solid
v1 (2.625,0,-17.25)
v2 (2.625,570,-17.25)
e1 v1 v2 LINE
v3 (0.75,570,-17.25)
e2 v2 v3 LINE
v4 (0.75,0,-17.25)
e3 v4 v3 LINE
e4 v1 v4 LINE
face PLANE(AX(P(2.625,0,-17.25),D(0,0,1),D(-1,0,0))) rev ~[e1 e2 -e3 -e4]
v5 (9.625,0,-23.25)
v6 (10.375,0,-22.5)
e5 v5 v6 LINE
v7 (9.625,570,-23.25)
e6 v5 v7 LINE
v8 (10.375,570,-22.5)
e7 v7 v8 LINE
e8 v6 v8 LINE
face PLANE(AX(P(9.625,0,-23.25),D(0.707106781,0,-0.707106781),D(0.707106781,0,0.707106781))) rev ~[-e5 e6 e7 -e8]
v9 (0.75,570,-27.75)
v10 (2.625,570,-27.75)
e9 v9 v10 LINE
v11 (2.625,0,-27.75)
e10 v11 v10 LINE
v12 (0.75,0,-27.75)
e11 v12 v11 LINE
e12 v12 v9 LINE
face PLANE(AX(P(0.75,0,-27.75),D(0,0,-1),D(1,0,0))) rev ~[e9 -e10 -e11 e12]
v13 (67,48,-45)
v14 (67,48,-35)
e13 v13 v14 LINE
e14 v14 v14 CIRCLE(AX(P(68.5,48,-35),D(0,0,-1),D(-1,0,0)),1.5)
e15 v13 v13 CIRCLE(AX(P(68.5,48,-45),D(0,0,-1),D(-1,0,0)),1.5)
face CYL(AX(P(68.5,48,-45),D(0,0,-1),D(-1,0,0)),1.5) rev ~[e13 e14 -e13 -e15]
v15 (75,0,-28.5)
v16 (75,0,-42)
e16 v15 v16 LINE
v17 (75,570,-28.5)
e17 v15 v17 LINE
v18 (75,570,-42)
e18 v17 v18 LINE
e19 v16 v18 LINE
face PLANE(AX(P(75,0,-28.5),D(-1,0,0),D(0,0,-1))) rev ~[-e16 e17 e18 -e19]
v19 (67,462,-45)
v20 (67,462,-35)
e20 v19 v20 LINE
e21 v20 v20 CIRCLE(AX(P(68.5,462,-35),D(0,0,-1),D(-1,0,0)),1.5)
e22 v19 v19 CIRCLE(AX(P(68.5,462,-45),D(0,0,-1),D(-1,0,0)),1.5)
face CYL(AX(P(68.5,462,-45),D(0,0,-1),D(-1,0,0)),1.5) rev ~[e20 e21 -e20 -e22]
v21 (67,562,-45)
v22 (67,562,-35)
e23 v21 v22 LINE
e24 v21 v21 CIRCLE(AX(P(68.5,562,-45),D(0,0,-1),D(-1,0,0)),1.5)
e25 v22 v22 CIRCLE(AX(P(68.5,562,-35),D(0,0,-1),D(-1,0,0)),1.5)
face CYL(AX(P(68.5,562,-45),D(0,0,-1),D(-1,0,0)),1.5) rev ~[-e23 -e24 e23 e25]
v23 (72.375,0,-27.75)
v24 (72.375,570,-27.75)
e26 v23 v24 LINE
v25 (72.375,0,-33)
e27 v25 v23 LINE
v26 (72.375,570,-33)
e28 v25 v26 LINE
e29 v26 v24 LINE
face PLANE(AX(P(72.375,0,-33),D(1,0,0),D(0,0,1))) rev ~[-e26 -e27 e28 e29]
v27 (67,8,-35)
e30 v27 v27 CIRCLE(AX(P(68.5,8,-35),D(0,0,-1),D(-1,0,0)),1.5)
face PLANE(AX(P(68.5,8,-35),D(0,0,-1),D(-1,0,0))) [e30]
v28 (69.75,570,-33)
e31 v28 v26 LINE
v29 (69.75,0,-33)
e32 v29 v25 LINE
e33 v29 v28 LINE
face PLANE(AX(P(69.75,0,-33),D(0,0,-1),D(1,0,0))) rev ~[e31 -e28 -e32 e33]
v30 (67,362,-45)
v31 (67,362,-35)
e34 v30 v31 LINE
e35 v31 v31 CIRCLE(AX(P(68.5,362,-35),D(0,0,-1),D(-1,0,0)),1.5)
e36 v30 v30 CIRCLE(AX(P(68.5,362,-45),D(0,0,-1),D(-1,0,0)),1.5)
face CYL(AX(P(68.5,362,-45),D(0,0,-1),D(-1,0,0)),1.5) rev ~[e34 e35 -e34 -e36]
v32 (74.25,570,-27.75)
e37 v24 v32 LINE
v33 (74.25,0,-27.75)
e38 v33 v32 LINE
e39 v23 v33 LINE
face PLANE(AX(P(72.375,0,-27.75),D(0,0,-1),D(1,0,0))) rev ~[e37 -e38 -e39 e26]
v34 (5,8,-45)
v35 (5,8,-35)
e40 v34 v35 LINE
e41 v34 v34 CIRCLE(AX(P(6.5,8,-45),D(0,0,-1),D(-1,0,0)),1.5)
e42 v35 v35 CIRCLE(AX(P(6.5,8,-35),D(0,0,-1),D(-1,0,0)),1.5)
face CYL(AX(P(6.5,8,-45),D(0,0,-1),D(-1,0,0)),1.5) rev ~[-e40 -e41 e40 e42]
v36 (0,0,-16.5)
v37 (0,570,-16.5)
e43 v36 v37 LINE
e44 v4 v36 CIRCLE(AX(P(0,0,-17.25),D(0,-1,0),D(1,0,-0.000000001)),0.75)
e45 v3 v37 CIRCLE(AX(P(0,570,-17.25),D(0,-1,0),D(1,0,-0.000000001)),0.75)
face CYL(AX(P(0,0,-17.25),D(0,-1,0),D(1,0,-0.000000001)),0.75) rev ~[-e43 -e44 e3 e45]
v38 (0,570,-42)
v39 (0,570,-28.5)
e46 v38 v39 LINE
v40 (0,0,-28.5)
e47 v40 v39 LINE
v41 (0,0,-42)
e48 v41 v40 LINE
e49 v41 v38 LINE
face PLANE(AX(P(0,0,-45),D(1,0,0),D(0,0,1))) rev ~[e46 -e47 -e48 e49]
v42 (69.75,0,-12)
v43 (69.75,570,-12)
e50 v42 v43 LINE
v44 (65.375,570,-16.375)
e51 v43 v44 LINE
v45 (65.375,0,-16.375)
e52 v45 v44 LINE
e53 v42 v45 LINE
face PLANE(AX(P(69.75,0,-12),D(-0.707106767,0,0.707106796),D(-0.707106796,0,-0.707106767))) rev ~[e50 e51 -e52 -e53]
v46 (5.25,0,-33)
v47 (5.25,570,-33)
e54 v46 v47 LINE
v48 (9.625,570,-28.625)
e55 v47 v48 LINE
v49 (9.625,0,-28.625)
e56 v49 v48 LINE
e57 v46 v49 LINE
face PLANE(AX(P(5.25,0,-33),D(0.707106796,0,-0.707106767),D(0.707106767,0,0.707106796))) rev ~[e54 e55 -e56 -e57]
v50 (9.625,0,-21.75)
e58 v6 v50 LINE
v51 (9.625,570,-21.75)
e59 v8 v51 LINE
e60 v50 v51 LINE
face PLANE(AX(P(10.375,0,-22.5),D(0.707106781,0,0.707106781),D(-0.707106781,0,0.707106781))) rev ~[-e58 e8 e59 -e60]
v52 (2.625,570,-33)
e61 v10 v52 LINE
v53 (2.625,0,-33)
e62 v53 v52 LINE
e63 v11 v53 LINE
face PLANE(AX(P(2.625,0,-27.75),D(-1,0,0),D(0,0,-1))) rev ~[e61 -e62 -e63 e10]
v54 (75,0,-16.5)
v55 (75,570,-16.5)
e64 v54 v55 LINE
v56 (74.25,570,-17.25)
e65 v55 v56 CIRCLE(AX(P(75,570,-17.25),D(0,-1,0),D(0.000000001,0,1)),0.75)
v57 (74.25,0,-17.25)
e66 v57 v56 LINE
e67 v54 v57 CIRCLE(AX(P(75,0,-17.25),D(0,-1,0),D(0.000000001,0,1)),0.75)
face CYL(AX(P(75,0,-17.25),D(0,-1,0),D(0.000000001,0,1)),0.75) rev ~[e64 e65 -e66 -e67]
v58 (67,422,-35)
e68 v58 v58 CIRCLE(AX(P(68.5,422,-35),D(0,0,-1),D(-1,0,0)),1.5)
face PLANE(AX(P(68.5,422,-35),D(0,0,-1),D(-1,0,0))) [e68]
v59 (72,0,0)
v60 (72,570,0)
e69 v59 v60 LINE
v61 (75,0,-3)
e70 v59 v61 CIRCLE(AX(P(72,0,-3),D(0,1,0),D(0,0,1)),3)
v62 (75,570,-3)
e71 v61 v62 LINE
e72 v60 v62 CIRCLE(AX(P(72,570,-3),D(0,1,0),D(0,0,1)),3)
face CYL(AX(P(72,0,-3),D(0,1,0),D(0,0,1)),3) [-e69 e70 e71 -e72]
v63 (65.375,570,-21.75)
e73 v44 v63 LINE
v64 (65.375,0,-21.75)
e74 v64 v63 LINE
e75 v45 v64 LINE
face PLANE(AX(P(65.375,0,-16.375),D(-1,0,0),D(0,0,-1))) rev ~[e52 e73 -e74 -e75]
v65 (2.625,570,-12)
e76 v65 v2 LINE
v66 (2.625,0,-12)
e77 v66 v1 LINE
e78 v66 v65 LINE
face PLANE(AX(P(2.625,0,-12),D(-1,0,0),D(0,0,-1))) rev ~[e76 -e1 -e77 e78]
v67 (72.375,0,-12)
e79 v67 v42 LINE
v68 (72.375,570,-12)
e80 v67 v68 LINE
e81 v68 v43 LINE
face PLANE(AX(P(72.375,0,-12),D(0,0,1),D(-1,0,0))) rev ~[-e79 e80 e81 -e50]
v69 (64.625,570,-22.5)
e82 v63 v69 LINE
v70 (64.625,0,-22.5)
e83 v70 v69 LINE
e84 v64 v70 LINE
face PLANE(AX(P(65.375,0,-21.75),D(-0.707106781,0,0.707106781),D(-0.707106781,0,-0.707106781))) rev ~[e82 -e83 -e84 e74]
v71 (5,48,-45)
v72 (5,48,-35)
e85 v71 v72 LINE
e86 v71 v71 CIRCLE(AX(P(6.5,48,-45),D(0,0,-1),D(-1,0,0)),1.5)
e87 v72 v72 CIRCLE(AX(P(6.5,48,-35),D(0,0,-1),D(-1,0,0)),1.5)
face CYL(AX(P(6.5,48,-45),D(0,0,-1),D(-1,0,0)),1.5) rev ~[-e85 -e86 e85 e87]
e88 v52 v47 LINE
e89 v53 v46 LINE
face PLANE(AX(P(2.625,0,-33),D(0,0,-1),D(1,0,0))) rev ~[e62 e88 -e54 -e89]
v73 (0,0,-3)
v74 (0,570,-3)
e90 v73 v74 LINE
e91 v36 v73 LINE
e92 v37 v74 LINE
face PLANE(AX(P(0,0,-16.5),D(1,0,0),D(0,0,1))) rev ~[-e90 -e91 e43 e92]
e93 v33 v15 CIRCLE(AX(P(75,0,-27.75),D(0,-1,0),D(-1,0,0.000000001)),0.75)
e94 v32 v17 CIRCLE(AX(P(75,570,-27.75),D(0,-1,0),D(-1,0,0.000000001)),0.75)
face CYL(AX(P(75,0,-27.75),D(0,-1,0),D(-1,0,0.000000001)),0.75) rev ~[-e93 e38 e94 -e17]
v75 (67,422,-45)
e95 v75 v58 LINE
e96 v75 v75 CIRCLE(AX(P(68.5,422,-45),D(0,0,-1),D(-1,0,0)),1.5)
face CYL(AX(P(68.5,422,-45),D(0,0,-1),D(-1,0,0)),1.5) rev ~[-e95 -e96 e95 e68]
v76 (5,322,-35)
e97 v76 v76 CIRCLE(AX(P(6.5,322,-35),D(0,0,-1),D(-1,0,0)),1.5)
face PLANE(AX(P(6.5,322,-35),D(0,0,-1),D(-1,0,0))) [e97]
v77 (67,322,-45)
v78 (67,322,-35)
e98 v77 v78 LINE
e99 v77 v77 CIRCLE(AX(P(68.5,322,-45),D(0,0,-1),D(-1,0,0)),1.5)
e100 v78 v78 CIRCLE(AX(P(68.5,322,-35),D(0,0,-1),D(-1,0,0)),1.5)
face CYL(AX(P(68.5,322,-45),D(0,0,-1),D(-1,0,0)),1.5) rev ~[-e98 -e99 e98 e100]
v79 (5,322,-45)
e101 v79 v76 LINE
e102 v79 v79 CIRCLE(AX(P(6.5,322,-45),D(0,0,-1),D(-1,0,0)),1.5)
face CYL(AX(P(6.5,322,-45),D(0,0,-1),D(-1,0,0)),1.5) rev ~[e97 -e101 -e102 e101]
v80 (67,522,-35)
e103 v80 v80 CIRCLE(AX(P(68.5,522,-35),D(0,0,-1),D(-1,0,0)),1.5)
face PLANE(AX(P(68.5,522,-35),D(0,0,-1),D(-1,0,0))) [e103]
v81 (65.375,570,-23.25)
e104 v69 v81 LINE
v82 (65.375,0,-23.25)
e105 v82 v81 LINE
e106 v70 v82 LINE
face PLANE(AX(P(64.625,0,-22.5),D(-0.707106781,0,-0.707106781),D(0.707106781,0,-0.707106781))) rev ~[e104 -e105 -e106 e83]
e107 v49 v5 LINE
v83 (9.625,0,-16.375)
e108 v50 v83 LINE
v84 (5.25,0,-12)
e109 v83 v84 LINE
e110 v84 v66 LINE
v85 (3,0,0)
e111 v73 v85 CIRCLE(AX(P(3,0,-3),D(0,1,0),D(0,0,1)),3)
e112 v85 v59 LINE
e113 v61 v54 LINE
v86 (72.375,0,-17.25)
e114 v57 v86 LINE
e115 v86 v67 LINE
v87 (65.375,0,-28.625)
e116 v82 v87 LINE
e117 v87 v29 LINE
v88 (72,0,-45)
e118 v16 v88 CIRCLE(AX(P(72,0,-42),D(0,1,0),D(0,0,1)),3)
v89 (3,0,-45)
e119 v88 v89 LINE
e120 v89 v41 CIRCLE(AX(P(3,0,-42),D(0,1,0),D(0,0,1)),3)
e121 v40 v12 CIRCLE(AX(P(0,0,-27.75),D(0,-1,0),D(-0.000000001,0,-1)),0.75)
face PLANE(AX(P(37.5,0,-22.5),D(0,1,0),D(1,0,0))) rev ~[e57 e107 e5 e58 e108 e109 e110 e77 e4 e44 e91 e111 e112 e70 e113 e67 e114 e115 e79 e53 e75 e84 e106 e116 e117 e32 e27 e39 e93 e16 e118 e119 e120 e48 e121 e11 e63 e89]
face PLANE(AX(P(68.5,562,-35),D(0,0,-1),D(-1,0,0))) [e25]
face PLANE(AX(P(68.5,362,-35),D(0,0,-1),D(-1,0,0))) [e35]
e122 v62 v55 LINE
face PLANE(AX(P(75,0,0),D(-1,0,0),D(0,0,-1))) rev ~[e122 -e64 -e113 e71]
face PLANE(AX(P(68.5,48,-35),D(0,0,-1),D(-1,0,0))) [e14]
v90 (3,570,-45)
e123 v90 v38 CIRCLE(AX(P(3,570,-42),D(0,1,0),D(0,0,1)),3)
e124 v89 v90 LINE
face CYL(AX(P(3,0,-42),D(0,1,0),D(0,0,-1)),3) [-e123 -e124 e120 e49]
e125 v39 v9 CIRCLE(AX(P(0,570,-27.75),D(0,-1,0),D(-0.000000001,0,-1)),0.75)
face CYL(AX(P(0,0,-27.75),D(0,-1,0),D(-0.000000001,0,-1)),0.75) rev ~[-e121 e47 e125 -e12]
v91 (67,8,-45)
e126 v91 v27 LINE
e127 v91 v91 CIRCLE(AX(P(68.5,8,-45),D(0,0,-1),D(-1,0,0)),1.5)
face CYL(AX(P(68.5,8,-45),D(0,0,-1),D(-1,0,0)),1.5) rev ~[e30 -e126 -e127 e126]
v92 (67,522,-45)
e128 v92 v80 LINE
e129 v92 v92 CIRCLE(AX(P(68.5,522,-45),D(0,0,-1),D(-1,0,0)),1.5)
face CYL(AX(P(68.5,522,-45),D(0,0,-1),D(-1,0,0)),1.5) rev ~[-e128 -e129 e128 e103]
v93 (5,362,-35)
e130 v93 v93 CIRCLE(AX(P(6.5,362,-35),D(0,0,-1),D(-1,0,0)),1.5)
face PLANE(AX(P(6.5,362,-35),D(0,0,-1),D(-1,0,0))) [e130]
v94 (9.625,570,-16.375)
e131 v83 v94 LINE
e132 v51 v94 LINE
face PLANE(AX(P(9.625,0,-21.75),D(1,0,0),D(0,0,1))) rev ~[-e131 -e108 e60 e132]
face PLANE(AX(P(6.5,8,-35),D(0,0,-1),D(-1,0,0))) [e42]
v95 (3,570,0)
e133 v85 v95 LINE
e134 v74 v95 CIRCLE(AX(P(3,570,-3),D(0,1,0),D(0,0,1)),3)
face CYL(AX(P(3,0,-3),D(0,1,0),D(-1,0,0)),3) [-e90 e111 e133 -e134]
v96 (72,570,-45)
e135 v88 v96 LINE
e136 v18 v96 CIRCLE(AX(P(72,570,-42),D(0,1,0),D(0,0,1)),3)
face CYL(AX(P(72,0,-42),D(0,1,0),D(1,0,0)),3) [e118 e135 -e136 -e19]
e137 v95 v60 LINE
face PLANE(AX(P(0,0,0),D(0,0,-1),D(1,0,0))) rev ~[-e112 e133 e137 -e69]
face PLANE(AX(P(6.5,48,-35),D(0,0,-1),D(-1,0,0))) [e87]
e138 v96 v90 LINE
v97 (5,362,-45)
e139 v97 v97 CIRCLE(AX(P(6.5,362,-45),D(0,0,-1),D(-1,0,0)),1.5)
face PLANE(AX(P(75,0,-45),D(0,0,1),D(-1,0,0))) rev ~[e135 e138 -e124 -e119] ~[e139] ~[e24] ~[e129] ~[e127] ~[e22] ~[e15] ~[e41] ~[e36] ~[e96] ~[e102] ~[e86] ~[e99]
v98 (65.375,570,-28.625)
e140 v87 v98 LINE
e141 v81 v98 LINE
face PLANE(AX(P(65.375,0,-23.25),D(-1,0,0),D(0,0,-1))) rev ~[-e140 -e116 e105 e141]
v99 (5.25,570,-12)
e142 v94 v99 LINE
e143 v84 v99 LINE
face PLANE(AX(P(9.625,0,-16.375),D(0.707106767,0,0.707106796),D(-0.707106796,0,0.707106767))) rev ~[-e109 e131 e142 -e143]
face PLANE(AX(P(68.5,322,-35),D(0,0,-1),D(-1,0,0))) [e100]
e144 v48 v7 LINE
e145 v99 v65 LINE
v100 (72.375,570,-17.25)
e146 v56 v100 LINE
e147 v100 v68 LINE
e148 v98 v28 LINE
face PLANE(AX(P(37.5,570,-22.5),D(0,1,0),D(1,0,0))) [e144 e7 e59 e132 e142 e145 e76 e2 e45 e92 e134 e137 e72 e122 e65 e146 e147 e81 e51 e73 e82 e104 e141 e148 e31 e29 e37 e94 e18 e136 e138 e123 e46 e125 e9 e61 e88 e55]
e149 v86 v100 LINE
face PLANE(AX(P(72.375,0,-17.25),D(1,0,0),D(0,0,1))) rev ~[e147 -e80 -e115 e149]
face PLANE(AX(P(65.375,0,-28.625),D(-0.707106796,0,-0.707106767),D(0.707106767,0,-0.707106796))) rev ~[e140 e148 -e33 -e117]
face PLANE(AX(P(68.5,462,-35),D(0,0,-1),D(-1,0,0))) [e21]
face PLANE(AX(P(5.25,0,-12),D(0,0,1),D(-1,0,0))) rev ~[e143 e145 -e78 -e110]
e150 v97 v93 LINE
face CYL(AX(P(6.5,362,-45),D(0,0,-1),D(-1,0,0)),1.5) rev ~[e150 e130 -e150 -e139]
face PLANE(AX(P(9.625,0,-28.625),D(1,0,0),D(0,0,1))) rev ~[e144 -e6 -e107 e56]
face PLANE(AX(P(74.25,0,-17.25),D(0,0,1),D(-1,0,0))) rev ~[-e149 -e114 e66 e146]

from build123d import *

# Parameters (mm, degrees)
BOSS_EXTRUDE1_DEPTH = 570
FILLET1_R           = 3
SKETCH2_R           = 1.5
CUT_EXTRUDE1_DEPTH  = 10


with BuildPart() as part:
    # Sketch1 → Boss-Extrude1 (new body)
    with BuildSketch(Plane(origin=(0, 0, 0), x_dir=(1, 0, 0), z_dir=(0, 1, 0))):
        with BuildLine():
            Line((2.625, 17.250000178), (0.75, 17.250000178))
            ThreePointArc((0.75, 17.250000178), (0.530330086, 16.719670092), (0, 16.500000178))
            Line((0, 16.500000178), (0, 0))
            Line((0, 0), (75, 0))
            Line((75, 0), (75, 16.500000178))
            ThreePointArc((75, 16.500000178), (74.469669914, 16.719670092), (74.25, 17.250000178))
            Line((74.25, 17.250000178), (72.375, 17.250000178))
            Line((72.375, 17.250000178), (72.375, 12.000000178))
            Line((72.375, 12.000000178), (69.75, 12.000000178))
            Line((69.75, 12.000000178), (65.375, 16.375))
            Line((65.375, 16.375), (65.375, 21.75))
            Line((65.375, 21.75), (64.625, 22.5))
            Line((64.625, 22.5), (65.375, 23.25))
            Line((65.375, 23.25), (65.375, 28.625))
            Line((65.375, 28.625), (69.75, 33.000000178))
            Line((69.75, 33.000000178), (72.375, 33.000000178))
            Line((72.375, 33.000000178), (72.375, 27.750000178))
            Line((72.375, 27.750000178), (74.25, 27.750000178))
            ThreePointArc((74.25, 27.750000178), (74.469669914, 28.280330264), (75, 28.500000178))
            Line((75, 28.500000178), (75, 45))
            Line((75, 45), (0, 45))
            Line((0, 45), (0, 28.500000178))
            ThreePointArc((0, 28.500000178), (0.530330086, 28.280330264), (0.75, 27.750000178))
            Line((0.75, 27.750000178), (2.625, 27.750000178))
            Line((2.625, 27.750000178), (2.625, 33.000000178))
            Line((2.625, 33.000000178), (5.25, 33.000000178))
            Line((5.25, 33.000000178), (9.625, 28.625))
            Line((9.625, 28.625), (9.625, 23.25))
            Line((9.625, 23.25), (10.375, 22.5))
            Line((10.375, 22.5), (9.625, 21.75))
            Line((9.625, 21.75), (9.625, 16.375))
            Line((9.625, 16.375), (5.25, 12.000000178))
            Line((5.25, 12.000000178), (2.625, 12.000000178))
            Line((2.625, 12.000000178), (2.625, 17.250000178))
        make_face()
    extrude(amount=BOSS_EXTRUDE1_DEPTH)

    # Fillet1
    fillet1_edges = [part.edges().sort_by_distance(p)[0] for p in [
        (0, 285, 0),
        (0, 285, -45),
        (75, 285, -45),
        (75, 285, 0),
    ]]
    fillet(fillet1_edges, radius=FILLET1_R)

    # Sketch2 → Cut-Extrude1 (cut)
    with BuildSketch(Plane(origin=(0, 0, -45), x_dir=(-1, 0, 0), z_dir=(0, 0, -1))):
        with Locations((-6.5, 48)):
            Circle(SKETCH2_R)
        with Locations((-6.5, 8)):
            Circle(SKETCH2_R)
        with Locations((-68.5, 48)):
            Circle(SKETCH2_R)
        with Locations((-68.5, 8)):
            Circle(SKETCH2_R)
        with Locations((-68.5, 562)):
            Circle(SKETCH2_R)
        with Locations((-68.5, 522)):
            Circle(SKETCH2_R)
        with Locations((-68.5, 462)):
            Circle(SKETCH2_R)
        with Locations((-68.5, 422)):
            Circle(SKETCH2_R)
        with Locations((-68.5, 362)):
            Circle(SKETCH2_R)
        with Locations((-68.5, 322)):
            Circle(SKETCH2_R)
        with Locations((-6.5, 362)):
            Circle(SKETCH2_R)
        with Locations((-6.5, 322)):
            Circle(SKETCH2_R)
    extrude(amount=-CUT_EXTRUDE1_DEPTH, mode=Mode.SUBTRACT)


solid = part.part
